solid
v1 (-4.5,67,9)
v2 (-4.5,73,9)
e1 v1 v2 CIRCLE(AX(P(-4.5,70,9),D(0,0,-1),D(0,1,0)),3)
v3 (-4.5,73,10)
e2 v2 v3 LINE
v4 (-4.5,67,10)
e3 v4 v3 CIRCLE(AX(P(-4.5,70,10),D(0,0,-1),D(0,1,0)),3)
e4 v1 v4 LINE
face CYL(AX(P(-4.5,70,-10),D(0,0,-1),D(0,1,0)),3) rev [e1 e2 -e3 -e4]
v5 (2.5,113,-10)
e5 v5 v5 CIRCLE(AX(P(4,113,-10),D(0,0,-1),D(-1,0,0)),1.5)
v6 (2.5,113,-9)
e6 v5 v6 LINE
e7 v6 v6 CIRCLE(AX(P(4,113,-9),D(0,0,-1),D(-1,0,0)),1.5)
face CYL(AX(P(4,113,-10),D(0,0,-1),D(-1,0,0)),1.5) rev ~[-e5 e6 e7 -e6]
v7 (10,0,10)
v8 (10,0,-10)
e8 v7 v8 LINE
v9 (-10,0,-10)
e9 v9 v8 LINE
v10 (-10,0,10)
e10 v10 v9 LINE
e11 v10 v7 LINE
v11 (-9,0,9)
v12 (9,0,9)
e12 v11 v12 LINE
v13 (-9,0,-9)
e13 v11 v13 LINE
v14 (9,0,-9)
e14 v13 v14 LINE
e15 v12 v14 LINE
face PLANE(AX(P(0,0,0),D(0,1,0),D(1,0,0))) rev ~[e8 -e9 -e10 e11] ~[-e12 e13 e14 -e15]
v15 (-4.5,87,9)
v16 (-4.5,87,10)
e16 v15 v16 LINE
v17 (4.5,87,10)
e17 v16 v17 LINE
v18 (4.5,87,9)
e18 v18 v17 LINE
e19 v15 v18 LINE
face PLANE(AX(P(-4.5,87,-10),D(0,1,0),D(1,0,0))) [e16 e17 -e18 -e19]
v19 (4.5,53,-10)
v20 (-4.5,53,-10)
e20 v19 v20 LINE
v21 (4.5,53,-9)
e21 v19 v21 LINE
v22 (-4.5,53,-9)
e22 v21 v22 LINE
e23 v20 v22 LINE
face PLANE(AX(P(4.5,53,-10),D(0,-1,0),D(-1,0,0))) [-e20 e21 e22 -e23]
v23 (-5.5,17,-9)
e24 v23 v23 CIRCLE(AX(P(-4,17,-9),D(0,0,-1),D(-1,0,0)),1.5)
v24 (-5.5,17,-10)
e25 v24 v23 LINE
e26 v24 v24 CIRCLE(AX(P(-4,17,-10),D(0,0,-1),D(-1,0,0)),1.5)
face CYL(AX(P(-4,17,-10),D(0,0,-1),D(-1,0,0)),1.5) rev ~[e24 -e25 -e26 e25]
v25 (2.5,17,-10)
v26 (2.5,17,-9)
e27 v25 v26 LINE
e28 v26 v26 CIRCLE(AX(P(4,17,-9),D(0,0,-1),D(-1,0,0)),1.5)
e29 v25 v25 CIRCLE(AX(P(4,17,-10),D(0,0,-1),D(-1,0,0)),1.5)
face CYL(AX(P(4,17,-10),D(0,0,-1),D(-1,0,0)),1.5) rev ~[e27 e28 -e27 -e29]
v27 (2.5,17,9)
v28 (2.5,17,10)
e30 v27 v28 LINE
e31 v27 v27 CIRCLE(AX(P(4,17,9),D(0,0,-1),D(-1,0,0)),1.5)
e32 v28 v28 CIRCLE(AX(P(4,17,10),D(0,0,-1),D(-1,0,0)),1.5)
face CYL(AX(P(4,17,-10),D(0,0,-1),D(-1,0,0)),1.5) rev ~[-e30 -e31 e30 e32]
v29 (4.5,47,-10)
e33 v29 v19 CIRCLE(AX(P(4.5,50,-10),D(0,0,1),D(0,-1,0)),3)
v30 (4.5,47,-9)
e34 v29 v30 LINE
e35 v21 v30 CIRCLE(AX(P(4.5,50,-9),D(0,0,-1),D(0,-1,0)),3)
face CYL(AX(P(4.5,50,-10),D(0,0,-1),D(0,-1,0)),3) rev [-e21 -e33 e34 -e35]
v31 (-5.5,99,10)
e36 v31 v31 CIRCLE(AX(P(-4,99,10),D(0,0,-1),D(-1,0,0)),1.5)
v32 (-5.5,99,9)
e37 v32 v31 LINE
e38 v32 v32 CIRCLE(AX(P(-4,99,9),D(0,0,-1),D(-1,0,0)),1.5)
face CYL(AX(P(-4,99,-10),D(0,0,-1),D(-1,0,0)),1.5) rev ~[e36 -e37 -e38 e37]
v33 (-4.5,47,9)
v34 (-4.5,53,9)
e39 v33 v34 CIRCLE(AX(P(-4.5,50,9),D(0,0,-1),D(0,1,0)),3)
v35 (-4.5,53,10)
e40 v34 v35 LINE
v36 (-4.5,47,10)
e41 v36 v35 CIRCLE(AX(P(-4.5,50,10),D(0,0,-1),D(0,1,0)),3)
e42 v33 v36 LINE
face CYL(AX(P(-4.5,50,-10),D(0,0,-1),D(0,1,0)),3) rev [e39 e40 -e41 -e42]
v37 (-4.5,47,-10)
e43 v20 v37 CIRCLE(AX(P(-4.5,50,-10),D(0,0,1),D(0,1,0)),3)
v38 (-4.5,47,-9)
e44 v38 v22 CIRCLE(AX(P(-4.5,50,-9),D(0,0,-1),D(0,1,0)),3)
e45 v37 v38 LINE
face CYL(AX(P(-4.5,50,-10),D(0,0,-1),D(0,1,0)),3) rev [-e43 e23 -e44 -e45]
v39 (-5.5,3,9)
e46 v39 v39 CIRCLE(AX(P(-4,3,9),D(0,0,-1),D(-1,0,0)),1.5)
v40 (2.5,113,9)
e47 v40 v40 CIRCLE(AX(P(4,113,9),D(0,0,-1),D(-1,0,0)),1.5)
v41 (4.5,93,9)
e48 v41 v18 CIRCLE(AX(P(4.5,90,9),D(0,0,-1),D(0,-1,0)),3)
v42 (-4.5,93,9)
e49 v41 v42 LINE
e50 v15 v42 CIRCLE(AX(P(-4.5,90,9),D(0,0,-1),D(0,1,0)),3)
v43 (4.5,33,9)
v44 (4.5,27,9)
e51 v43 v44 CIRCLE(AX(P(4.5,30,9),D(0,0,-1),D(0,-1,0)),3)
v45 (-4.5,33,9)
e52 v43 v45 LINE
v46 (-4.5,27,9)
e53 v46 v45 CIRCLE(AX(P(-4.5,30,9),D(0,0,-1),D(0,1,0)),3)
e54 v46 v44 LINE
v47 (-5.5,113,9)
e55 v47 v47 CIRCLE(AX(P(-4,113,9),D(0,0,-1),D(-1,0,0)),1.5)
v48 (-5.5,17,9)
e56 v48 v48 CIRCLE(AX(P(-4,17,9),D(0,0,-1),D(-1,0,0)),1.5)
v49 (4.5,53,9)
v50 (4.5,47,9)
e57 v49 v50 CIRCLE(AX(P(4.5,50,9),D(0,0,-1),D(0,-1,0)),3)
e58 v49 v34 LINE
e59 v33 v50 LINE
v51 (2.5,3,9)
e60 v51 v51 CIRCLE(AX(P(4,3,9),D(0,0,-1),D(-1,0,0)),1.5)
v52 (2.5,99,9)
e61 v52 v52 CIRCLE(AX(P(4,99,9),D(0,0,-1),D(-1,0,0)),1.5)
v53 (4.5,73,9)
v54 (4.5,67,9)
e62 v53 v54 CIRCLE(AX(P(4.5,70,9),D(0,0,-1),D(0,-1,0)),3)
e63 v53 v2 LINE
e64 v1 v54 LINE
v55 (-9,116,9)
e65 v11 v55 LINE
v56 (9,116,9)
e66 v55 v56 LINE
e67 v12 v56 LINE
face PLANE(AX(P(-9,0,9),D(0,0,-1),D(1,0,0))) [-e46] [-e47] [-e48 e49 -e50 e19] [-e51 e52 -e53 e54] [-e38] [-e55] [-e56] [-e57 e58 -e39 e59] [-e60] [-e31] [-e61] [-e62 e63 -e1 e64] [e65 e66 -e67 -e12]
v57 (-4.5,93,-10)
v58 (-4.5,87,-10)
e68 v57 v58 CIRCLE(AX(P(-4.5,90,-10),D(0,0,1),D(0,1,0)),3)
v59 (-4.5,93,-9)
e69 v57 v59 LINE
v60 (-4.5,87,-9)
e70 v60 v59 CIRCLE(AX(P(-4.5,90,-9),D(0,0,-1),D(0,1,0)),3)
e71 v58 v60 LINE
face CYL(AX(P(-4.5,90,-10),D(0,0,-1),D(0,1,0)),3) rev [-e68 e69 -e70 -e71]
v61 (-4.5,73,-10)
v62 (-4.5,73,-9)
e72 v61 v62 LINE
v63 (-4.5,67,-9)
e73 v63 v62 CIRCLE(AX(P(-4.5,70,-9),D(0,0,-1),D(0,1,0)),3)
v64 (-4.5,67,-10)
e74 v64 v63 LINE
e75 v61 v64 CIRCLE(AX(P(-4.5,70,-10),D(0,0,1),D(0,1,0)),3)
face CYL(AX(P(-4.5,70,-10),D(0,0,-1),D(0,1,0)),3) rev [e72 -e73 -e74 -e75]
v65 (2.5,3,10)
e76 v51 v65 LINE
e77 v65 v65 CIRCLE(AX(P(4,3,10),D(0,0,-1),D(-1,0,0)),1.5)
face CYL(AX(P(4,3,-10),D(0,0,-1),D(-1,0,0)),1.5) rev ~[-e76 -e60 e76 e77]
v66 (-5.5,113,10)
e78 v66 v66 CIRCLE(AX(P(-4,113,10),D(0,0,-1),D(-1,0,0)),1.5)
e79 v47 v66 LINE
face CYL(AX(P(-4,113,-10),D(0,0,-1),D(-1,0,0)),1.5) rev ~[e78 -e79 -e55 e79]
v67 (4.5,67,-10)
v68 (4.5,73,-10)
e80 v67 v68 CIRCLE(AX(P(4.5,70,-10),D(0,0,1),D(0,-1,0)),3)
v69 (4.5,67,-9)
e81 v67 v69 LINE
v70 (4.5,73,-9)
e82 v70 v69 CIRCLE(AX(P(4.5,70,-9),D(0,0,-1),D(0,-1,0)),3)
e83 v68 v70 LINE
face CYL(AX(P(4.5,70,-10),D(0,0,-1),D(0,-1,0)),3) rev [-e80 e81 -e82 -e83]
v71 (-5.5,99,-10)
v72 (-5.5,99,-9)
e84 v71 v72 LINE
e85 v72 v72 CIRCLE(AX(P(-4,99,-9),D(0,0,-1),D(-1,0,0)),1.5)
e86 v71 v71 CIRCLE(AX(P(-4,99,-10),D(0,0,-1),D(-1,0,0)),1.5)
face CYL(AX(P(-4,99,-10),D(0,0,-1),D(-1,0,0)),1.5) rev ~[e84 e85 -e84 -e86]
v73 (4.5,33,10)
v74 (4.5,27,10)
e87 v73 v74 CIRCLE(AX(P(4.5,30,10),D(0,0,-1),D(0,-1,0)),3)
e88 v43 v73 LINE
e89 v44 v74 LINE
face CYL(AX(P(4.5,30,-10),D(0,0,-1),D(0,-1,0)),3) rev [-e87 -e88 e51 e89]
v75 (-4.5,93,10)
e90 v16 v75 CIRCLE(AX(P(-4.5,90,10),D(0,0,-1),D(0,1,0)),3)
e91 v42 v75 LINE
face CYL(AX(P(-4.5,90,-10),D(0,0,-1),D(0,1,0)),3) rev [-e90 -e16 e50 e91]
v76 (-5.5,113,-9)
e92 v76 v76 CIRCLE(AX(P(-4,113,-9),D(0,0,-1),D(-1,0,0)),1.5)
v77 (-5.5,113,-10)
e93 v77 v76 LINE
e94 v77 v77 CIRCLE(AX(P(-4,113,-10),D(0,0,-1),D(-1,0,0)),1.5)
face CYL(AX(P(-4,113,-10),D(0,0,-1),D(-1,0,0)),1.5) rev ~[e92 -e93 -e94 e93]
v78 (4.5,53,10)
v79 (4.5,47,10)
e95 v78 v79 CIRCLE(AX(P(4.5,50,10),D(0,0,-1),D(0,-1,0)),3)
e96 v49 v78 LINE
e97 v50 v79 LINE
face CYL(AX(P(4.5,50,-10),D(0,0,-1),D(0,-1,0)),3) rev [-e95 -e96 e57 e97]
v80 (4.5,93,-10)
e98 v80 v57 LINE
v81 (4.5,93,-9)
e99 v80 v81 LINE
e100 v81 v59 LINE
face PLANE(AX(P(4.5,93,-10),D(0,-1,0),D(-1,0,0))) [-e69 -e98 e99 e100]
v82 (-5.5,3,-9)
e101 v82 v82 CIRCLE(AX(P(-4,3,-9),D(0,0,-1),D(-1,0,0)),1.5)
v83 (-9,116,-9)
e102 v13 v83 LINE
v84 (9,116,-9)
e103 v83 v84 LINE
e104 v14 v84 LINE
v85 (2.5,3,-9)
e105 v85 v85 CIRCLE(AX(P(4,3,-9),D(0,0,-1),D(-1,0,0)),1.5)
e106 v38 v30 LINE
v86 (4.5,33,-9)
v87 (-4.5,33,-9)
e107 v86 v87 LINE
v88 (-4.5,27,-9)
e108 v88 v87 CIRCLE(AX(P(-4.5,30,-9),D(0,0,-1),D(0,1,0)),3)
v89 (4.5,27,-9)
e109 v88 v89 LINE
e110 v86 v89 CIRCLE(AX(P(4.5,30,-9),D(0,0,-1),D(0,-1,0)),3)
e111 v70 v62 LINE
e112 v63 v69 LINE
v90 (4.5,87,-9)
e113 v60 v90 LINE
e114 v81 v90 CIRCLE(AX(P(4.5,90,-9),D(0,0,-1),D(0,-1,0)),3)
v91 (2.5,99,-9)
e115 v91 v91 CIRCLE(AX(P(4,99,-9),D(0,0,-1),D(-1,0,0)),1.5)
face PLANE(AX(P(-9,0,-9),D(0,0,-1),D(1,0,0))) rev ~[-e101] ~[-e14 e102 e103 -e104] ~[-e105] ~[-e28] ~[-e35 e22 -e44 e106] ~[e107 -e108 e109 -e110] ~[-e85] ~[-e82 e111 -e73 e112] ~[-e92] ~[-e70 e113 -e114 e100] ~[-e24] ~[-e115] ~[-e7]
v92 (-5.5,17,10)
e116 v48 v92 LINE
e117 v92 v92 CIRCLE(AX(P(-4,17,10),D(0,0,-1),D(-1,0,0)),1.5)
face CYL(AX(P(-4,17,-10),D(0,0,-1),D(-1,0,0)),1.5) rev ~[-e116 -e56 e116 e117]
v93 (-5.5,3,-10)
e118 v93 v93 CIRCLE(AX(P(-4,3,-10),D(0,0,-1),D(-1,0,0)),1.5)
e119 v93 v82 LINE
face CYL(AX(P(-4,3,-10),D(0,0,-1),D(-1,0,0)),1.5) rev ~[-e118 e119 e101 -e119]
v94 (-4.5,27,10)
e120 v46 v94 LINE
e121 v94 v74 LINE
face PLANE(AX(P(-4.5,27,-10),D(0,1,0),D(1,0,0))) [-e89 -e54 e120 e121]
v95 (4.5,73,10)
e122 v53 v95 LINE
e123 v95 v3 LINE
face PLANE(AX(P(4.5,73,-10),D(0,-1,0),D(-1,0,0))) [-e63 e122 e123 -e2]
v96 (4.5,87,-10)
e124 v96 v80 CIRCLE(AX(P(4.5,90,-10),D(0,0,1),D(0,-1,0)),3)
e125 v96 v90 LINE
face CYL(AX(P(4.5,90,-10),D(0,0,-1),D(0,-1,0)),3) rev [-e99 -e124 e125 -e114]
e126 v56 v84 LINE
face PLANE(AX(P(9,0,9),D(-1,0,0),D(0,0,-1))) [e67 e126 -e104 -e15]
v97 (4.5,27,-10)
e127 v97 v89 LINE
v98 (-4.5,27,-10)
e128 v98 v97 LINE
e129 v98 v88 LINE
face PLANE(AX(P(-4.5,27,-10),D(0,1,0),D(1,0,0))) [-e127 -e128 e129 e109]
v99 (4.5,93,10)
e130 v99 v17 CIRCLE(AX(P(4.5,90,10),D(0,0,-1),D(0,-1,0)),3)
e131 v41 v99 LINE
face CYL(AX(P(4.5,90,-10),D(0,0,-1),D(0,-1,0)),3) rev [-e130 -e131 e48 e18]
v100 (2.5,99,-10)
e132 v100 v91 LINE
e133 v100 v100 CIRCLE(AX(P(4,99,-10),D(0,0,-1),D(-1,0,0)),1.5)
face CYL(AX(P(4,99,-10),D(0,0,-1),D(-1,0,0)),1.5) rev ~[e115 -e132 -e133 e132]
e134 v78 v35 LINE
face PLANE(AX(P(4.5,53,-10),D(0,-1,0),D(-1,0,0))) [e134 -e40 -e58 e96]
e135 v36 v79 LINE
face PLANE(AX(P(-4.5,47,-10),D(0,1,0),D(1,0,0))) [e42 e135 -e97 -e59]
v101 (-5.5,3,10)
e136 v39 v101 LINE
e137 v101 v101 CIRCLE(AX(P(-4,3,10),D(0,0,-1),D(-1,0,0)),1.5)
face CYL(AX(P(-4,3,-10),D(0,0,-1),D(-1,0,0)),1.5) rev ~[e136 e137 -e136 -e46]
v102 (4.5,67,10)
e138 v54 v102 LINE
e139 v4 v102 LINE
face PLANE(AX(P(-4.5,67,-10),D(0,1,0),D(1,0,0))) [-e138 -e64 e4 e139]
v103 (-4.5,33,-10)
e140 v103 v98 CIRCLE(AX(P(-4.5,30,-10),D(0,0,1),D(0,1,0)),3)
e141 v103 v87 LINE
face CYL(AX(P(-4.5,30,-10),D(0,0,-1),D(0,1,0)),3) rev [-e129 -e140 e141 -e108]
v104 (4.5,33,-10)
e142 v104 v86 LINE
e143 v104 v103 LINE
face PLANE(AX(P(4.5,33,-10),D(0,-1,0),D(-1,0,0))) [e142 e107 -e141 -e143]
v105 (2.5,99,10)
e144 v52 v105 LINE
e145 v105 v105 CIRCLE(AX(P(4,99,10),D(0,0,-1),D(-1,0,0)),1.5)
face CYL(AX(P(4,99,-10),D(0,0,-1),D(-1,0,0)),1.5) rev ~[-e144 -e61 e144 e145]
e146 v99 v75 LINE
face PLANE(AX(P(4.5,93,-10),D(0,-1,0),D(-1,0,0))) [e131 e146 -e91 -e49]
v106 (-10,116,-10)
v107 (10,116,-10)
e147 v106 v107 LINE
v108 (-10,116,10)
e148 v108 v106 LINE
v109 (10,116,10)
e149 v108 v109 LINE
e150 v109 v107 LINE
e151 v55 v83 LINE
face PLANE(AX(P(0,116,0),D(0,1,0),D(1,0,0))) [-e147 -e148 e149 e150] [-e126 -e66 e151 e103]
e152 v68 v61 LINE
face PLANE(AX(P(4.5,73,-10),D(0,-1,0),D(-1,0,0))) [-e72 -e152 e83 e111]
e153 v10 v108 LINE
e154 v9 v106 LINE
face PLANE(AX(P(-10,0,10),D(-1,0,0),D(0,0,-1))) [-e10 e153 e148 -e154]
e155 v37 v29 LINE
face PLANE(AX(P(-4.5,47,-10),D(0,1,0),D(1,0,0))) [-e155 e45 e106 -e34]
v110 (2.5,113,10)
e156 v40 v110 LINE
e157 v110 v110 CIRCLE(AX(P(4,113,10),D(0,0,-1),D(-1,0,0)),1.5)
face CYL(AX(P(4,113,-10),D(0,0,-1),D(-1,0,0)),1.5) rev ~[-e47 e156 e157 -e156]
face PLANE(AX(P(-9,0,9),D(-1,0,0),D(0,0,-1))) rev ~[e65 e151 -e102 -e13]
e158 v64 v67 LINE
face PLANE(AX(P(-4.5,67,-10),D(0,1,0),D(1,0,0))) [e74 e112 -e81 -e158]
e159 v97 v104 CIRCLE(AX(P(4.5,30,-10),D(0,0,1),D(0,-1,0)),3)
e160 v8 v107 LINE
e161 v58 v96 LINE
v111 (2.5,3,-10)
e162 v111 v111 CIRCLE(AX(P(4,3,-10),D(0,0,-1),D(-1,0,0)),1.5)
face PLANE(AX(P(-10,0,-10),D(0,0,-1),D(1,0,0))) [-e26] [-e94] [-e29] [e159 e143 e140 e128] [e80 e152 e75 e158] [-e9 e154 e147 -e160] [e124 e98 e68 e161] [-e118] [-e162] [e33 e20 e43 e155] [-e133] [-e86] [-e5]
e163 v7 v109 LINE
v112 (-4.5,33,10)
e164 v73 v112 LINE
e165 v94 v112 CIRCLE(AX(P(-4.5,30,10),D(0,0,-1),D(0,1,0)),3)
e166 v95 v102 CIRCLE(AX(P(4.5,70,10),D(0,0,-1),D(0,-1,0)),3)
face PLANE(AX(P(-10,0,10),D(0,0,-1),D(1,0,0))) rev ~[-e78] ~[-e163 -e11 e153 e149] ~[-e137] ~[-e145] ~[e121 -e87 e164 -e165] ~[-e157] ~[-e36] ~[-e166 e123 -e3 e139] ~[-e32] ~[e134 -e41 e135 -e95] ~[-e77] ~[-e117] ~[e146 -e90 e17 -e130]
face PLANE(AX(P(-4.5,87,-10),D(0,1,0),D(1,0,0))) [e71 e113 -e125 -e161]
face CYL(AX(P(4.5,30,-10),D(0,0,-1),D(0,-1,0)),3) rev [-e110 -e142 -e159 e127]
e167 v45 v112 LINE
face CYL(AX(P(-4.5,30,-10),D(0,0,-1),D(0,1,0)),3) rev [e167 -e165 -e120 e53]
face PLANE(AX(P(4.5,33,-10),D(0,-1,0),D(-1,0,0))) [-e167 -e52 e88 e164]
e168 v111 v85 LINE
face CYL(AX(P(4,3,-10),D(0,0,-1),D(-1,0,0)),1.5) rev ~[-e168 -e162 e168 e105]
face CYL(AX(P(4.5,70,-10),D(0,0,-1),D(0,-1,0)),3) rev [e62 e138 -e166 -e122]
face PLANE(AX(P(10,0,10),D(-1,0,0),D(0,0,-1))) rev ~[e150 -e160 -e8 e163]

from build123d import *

# Parameters (mm, degrees)
SKETCH_1_W             = 20
SKETCH_1_H             = 20
SKETCH_1_W_2           = 18
SKETCH_1_H_2           = 18
HS_20X20X1_1_DEPTH     = 116
CUT_EXTRUDE_4_DEPTH    = 37
PATTERN_LINEAR_1_COUNT = 4
PATTERN_LINEAR_1_PITCH = 20
SKETCH_5_R             = 1.5
CUT_EXTRUDE_5_DEPTH    = 31


with BuildPart() as part:
    # 草图1 → Hs 20X20X1(1) (new body)
    with BuildSketch(Plane(origin=(0, 0, 0), x_dir=(1, 0, 0), z_dir=(0, 1, 0))):
        Rectangle(SKETCH_1_W, SKETCH_1_H)
        Rectangle(SKETCH_1_W_2, SKETCH_1_H_2, mode=Mode.SUBTRACT)
    extrude(amount=HS_20X20X1_1_DEPTH)

    # 草图4 → 切除-拉伸4 (cut)
    with BuildSketch(Plane(origin=(0, 0, -10), x_dir=(-1, 0, 0), z_dir=(0, 0, -1))):
        with BuildLine():
            Line((-4.5, 33), (4.5, 33))
            ThreePointArc((4.5, 33), (7.5, 30), (4.5, 27))
            Line((4.5, 27), (-4.5, 27))
            ThreePointArc((-4.5, 27), (-7.5, 30), (-4.5, 33))
        make_face()
    cut_extrude_4 = extrude(amount=-CUT_EXTRUDE_4_DEPTH, mode=Mode.SUBTRACT)

    # 阵列(线性)1: 切除-拉伸4 ×4
    with Locations(*[(0, i * PATTERN_LINEAR_1_PITCH, 0) for i in range(1, PATTERN_LINEAR_1_COUNT)]):
        add(cut_extrude_4, mode=Mode.SUBTRACT)

    # 草图5 → 切除-拉伸5 (cut)
    with BuildSketch(Plane(origin=(0, 0, -10), x_dir=(-1, 0, 0), z_dir=(0, 0, -1))):
        with Locations((-4, 3)):
            Circle(SKETCH_5_R)
        with Locations((4, 3)):
            Circle(SKETCH_5_R)
        with Locations((4, 17)):
            Circle(SKETCH_5_R)
        with Locations((-4, 17)):
            Circle(SKETCH_5_R)
        with Locations((-4, 113)):
            Circle(SKETCH_5_R)
        with Locations((4, 113)):
            Circle(SKETCH_5_R)
        with Locations((-4, 99)):
            Circle(SKETCH_5_R)
        with Locations((4, 99)):
            Circle(SKETCH_5_R)
    extrude(amount=-CUT_EXTRUDE_5_DEPTH, mode=Mode.SUBTRACT)


solid = part.part
